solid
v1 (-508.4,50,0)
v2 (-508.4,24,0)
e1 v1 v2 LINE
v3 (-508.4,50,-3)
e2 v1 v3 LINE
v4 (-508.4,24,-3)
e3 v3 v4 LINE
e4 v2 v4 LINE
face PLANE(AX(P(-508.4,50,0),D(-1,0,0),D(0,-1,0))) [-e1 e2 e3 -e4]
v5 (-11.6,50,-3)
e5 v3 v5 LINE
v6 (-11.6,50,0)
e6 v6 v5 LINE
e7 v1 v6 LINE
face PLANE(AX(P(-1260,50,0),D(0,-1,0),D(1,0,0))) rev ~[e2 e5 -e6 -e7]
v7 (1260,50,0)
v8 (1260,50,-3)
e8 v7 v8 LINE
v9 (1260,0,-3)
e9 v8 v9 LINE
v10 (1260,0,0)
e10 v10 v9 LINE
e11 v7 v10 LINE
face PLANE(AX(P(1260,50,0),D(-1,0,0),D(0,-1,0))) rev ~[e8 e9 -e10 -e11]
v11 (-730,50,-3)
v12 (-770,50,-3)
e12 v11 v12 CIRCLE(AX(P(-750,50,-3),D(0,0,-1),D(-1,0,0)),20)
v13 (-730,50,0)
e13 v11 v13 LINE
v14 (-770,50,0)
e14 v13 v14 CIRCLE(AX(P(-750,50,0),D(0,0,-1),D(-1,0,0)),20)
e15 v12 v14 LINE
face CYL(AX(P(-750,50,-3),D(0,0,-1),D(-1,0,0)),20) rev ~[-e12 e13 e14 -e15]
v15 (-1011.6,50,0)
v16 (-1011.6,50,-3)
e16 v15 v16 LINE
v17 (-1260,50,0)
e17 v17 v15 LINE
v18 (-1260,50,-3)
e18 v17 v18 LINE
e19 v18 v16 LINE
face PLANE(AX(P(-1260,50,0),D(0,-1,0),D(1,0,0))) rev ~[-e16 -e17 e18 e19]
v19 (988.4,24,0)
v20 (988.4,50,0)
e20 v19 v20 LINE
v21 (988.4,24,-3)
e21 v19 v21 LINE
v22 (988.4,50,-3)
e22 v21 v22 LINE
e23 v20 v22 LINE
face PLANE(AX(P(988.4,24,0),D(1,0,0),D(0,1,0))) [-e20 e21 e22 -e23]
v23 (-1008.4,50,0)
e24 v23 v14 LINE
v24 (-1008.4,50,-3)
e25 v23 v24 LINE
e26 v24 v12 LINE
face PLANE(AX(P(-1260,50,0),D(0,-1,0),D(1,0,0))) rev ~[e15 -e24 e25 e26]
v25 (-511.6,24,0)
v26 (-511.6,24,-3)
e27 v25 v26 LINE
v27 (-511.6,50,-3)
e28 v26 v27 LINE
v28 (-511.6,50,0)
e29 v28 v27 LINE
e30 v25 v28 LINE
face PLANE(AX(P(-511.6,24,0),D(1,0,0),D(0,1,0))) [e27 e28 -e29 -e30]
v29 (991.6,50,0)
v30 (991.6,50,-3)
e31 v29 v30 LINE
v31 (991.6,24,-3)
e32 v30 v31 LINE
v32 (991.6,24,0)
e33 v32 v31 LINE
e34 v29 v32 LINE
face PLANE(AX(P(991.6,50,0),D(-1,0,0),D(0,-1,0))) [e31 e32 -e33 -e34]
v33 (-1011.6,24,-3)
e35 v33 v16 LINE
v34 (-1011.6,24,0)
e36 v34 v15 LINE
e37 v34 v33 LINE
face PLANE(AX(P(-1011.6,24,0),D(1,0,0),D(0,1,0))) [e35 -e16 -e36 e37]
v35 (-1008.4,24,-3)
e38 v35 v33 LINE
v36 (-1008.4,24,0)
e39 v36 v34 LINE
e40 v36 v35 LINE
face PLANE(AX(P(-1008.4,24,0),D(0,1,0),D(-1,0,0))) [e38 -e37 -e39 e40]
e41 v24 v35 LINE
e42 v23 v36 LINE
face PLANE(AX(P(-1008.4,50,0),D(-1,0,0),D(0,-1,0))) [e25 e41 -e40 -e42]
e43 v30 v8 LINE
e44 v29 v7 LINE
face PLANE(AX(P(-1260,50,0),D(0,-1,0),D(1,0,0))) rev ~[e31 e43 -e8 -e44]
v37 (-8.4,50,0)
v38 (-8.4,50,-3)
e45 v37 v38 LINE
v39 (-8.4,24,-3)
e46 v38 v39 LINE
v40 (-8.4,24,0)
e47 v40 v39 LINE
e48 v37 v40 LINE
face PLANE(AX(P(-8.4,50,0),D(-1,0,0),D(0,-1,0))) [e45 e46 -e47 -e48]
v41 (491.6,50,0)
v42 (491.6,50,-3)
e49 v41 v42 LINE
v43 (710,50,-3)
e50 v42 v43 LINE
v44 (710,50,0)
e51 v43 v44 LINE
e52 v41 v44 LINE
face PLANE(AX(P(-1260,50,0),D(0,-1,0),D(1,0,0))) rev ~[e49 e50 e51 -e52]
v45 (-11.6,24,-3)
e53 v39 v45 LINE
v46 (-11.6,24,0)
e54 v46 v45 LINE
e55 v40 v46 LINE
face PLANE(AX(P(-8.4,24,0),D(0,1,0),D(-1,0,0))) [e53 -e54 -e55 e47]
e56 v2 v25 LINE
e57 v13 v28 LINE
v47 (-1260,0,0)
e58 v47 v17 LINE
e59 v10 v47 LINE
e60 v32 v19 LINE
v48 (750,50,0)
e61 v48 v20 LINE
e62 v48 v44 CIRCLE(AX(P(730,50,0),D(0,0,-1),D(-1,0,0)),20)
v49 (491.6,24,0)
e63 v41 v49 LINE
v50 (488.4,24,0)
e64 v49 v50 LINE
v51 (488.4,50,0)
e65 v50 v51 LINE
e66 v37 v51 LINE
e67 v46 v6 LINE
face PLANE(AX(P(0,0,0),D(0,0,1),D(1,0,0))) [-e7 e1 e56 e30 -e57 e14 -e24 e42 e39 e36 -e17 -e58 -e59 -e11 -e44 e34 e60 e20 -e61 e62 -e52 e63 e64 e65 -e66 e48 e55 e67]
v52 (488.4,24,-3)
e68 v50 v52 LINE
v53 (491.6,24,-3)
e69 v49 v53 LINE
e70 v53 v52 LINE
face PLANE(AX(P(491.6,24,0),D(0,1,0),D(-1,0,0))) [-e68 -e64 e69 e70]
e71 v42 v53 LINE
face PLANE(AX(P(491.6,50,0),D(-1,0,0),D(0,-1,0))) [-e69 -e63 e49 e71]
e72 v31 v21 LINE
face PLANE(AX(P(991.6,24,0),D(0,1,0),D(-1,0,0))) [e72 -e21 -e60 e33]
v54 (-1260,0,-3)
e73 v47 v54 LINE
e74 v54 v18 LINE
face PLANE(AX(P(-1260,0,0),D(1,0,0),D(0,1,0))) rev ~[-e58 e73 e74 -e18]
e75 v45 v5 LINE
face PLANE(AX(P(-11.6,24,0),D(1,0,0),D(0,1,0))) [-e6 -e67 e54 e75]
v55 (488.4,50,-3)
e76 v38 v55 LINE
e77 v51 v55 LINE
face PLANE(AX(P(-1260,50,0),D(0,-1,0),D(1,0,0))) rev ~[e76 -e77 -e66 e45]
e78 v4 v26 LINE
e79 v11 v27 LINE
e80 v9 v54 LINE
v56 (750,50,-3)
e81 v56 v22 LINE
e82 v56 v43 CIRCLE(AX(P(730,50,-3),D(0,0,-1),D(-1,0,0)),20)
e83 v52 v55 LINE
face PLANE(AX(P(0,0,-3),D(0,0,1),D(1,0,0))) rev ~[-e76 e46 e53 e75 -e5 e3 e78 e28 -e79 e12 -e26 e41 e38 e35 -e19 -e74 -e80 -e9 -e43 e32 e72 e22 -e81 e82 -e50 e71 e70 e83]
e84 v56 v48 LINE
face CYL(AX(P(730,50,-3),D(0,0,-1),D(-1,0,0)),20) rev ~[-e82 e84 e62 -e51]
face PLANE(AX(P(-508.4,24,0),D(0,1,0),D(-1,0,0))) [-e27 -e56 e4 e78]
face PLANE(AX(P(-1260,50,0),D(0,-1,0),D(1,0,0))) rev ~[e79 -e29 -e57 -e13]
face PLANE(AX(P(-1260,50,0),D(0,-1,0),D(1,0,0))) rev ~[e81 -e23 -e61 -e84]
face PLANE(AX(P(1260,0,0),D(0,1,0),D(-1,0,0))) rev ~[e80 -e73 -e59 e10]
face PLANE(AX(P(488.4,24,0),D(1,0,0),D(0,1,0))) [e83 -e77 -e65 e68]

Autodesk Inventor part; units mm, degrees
ref_plane "YZ Plane" through (0, 0, 0) normal (1, 0, 0) x (0, 1, 0)
ref_plane "XZ Plane" through (0, 0, 0) normal (0, 1, 0) x (-1, 0, 0)
ref_plane "XY Plane" through (0, 0, 0) normal (0, 0, 1) x (1, 0, 0)
sketch "Sketch8" plane through (0, 0, 0) normal (0, 0, 1) x (1, 0, 0)
  line L0 (-1260, 50) -> (1260, 50)
  line L1 (1260, 50) -> (1260, 0)
  line L2 (1260, 0) -> (-1260, 0)
  line L3 (-1260, 0) -> (-1260, 50)
  point P0 (0, 0)
  point P1 (0, 0)
  dimension "d37" = 50
  dimension "d38" = 2520
extrude "Plate5" add sketch "Sketch8" against normal blind 3
sketch "Sketch9" plane through (0, 0, 0) normal (0, 0, 1) x (1, 0, 0)
  line L0 (1260, 50) -> (-1260, 50) projected
  line L1 (-1011.6, 50) -> (-1008.4, 50)
  line L2 (-1008.4, 50) -> (-1008.4, 24)
  line L3 (-1008.4, 24) -> (-1011.6, 24)
  line L4 (-1011.6, 24) -> (-1011.6, 50)
  point P0 (0, 0)
  point P1 (-1008.4, 50)
  dimension "d40" = 248.4
  dimension "d41" = 3.2
  dimension "d42" = 26
extrude "Extrusion3" cut sketch "Sketch9" against normal through all
pattern_linear "Rectangular Pattern2" count 5 spacing 500 along (1, 0, 0) of "Extrusion3"
sketch "Sketch10" plane through (0, 0, -3) normal (0, 0, -1) x (-1, 0, 0)
  line L0 (-988.4, 50) -> (-988.4, 24) projected
  line L1 (-988.4, 24) -> (-991.6, 24) projected
  line L2 (-991.6, 24) -> (-991.6, 50) projected
  line L3 (-1260, 50) -> (-991.6, 50) projected
  line L4 (-1260, 0) -> (-1260, 50) projected
  line L5 (1260, 0) -> (-1260, 0) projected
  line L6 (1260, 50) -> (1260, 0) projected
  line L7 (1011.6, 50) -> (1260, 50) projected
  line L8 (1011.6, 50) -> (1011.6, 24) projected
  line L9 (1011.6, 24) -> (1008.4, 24) projected
  line L10 (1008.4, 24) -> (1008.4, 50) projected
  line L11 (511.6, 50) -> (1008.4, 50) projected
  line L12 (511.6, 50) -> (511.6, 24) projected
  line L13 (511.6, 24) -> (508.4, 24) projected
  line L14 (508.4, 24) -> (508.4, 50) projected
  line L15 (11.6, 50) -> (508.4, 50) projected
  line L16 (11.6, 50) -> (11.6, 24) projected
  line L17 (11.6, 24) -> (8.4, 24) projected
  line L18 (8.4, 24) -> (8.4, 50) projected
  line L19 (-488.4, 50) -> (8.4, 50) projected
  line L20 (-488.4, 50) -> (-488.4, 24) projected
  line L21 (-488.4, 24) -> (-491.6, 24) projected
  line L22 (-491.6, 24) -> (-491.6, 50) projected
  line L23 (-988.4, 50) -> (-491.6, 50) projected
  circle A0 centre (750, 50) radius 20
  line L24 (11.6, 50) -> (508.4, 50) projected
  circle A1 centre (-730, 50) radius 20
  point P0 (0, 0)
  point P1 (770, 50)
  point P2 (730, 50)
  point P3 (-710, 50)
  point P4 (-750, 50)
  dimension "d48" = 40
  dimension "d49" = 40
  dimension "d50" = 1480
  dimension "d51" = 530
extrude "Extrusion4" cut sketch "Sketch10" against normal through all contours L23 A1 | A0 L11 picked at (-735.7537, 42.481) picked at (744.2463, 42.481)
equation "\"d39\" = Thickness"
equation "\"BendReliefWidth\" = Thickness"
equation "\"BendReliefDepth\" = 0.5 * Thickness"
equation "\"CornerReliefSize\" = 4 * Thickness"
equation "\"MinimumRemnant\" = 2 * Thickness"
equation "\"TransitionRadius\" = BendRadius"
equation "\"JacobiRadiusSize\" = BendRadius"
equation "\"GapSize\" = Thickness"
equation "\"Thickness\" = 3"
equation "\"BendRadius\" = 5"
properties part number "BSH 031 stringer floor" material "09g2s"
